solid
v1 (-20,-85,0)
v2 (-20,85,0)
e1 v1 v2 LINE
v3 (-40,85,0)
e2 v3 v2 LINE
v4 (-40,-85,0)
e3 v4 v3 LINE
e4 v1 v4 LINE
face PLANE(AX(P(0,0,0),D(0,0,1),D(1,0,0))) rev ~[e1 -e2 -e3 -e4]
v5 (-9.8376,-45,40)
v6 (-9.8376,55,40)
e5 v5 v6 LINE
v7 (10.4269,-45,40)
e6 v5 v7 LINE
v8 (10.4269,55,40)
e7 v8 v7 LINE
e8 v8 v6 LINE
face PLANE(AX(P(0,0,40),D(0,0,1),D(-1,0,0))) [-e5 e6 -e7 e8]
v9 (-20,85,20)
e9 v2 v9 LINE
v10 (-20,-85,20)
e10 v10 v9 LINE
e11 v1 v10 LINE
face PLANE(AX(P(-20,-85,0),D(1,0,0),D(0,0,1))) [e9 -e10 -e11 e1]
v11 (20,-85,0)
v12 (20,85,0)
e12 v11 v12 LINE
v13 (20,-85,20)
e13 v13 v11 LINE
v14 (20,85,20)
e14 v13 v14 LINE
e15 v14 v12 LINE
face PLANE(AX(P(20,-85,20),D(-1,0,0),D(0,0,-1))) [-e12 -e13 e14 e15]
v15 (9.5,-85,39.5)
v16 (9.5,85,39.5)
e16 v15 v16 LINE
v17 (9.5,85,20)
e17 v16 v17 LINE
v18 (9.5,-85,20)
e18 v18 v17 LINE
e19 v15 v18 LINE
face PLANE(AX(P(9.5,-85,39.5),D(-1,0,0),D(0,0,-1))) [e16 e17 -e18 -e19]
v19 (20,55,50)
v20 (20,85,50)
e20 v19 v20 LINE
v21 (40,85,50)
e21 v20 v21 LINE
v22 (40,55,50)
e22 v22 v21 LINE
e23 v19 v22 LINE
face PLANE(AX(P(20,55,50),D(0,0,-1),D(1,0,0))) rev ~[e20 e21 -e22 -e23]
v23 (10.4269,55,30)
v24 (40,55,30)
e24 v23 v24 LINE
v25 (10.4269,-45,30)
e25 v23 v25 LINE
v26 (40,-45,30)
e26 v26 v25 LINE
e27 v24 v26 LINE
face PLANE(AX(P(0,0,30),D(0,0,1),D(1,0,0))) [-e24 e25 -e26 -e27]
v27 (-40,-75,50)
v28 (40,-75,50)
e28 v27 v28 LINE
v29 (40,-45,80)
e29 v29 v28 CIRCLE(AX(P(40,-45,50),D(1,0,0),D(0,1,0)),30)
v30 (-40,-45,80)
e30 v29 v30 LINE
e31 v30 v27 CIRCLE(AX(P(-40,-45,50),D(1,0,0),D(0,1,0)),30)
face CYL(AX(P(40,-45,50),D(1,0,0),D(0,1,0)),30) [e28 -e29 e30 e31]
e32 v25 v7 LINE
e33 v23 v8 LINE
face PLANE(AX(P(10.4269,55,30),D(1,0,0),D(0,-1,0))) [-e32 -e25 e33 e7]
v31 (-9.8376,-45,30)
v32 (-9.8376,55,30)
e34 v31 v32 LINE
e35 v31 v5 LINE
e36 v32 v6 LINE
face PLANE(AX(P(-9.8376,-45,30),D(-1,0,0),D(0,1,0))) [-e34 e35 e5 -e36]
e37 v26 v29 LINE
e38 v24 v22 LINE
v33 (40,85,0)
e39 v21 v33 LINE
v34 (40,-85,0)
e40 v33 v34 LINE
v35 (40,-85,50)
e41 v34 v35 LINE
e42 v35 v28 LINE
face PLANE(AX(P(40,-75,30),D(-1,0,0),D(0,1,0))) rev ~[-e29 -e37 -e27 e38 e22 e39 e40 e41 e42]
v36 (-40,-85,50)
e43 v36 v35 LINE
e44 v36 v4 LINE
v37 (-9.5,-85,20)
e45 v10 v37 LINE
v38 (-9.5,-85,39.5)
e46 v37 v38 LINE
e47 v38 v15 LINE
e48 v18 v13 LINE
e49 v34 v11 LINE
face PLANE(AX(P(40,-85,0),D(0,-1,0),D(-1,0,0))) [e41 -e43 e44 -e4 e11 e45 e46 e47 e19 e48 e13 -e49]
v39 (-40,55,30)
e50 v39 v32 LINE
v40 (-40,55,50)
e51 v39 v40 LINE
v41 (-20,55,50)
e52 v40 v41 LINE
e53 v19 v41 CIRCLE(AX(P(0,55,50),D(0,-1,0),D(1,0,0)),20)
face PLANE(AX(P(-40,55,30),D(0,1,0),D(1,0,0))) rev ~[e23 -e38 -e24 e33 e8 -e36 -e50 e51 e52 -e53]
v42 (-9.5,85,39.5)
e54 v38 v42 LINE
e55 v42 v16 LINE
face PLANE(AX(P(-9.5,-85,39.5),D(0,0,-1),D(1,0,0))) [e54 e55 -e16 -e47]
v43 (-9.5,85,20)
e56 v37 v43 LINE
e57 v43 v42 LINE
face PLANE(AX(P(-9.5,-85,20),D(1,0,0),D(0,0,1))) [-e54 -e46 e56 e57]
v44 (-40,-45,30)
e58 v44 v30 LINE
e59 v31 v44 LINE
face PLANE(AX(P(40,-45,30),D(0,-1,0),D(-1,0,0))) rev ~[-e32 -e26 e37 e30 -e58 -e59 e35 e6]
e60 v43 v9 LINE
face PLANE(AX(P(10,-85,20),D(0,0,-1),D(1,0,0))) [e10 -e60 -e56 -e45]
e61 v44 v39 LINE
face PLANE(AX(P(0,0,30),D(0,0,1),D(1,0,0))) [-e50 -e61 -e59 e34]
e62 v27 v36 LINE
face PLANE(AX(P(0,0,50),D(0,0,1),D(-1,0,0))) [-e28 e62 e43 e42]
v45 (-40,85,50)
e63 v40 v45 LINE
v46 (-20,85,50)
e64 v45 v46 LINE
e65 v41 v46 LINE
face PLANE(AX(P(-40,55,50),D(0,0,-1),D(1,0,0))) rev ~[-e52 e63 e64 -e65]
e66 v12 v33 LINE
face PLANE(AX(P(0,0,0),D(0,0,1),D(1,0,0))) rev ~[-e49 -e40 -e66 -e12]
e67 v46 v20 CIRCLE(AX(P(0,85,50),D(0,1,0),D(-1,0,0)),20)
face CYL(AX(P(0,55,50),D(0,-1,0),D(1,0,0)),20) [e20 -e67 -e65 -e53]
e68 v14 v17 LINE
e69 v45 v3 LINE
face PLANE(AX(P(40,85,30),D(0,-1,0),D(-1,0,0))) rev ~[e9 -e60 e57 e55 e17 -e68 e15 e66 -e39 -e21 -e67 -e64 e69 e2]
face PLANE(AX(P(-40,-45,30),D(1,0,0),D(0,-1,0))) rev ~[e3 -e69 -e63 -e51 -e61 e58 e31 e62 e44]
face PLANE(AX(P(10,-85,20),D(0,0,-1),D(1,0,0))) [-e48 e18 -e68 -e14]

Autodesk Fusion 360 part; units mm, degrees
sketch "Sketch1" plane through (0, 0, 0) normal (0, 0, 1) x (1, 0, 0) in component "Component"
  line L0 (40, -85) -> (-40, -85)
  line L1 (-40, -85) -> (-40, 85)
  line L2 (-40, 85) -> (40, 85)
  line L3 (40, 85) -> (40, -85)
  line L4 (40, -85) -> (-40, 85) construction
  line L5 (-40, -85) -> (40, 85) construction
  dimension "d1" = 80
  dimension "d2" = 170
extrude "Extrude1" add sketch "Sketch1" along normal blind 30 in component "Component"
sketch "Sketch2" plane through (0, 0, 30) normal (0, 0, 1) x (-1, 0, 0) in component "Component"
  line L0 (-40, -85) -> (40, -85)
  line L1 (40, -85) -> (40, 85)
  line L2 (40, 85) -> (-40, 85)
  line L3 (-40, 85) -> (-40, -85)
  line L4 (40, 75) -> (-40, 75)
  dimension "d5" = 10
extrude "Extrude2" add sketch "Sketch2" along normal blind 20 contours L1 L2 L3 L4 in component "Component"
sketch "Sketch3" plane through (0, -85, 0) normal (0, -1, 0) x (1, 0, 0) in component "Component"
  line L0 (-40, 0) -> (40, 0)
  line L1 (40, 0) -> (40, 50)
  line L2 (40, 50) -> (-40, 50)
  line L3 (-40, 50) -> (-40, 0)
  line L4 (-20, 0) -> (-20, 20)
  line L5 (-20, 20) -> (-10, 20)
  line L6 (-10, 20) -> (-10, 40)
  line L7 (-10, 40) -> (10, 40)
  line L8 (10, 40) -> (10, 20)
  line L9 (10, 20) -> (20, 20)
  line L10 (20, 20) -> (20, 0)
sketch "Sketch4" plane through (0, 0, 30) normal (0, 0, 1) x (-1, 0, 0) in component "Component"
  line L0 (40, 75) -> (-40, 75)
  line L1 (-40, 75) -> (-40, -85)
  line L2 (-40, -85) -> (40, -85)
  line L3 (40, -85) -> (40, 75)
  line L4 (40, -55) -> (-40, -55)
  dimension "d10" = 30
extrude "Extrude4" add sketch "Sketch4" along normal blind 40 contours L1 L2 L3 L4 in component "Component"
sketch "Sketch5" plane through (0, 55, 0) normal (0, -1, 0) x (1, 0, 0) in component "Component"
  line L0 (-40, 30) -> (40, 30)
  line L1 (40, 30) -> (40, 70)
  line L2 (40, 70) -> (-40, 70)
  line L3 (-40, 70) -> (-40, 30)
  circle A0 centre (0, 50) radius 20
  line L4 (-40, 50) -> (40, 50)
  dimension "d13" = 40
  dimension "d14" = 20
extrude "Extrude5" cut sketch "Sketch5" against normal up to surface (30 mm away) contours L2 L3 A0 L4 | L1 L2 A0 L4 in component "Component"
sketch "Sketch6" plane through (0, 0, 30) normal (0, 0, 1) x (-1, 0, 0) in component "Component"
  line L0 (-40, -55) -> (40, -55)
  line L1 (40, -55) -> (40, 75)
  line L2 (40, 75) -> (-40, 75)
  line L3 (-40, 75) -> (-40, -55)
  line L4 (-40, 45) -> (40, 45)
  dimension "d17" = 30
extrude "Extrude6" add sketch "Sketch6" along normal blind 50 contours L1 L2 L3 L4 in component "Component"
sketch "Sketch7" plane through (40, 0, 0) normal (1, 0, 0) x (0, 1, 0) in component "Component"
  line L0 (85, 50) -> (55, 50)
  line L1 (55, 50) -> (55, 30)
  line L2 (55, 30) -> (-45, 30)
  line L3 (-45, 30) -> (-45, 80)
  line L4 (-45, 80) -> (-75, 80)
  line L5 (-75, 80) -> (-75, 50)
  line L6 (-75, 50) -> (-85, 50)
  line L7 (-85, 50) -> (-85, 0)
  line L8 (-85, 0) -> (85, 0)
  line L9 (85, 0) -> (85, 50)
  circle A0 centre (-45, 50) radius 30
  dimension "d20" = 60
extrude "Extrude7" cut sketch "Sketch7" against normal up to surface (80 mm away) contours L4 L5 A0 in component "Component"
sketch "Sketch8" plane through (0, -85, 0) normal (0, -1, 0) x (1, 0, 0) in component "Component"
  line L0 (-40, 0) -> (40, 0)
  line L1 (40, 0) -> (40, 50)
  line L2 (40, 50) -> (-40, 50)
  line L3 (-40, 50) -> (-40, 0)
  line L4 (-20, 0) -> (-20, 20)
  line L5 (-20, 20) -> (-10, 20)
  line L6 (10, 20) -> (20, 20)
  line L7 (20, 20) -> (20, 0)
  line L8 (10, 20) -> (-10, 20)
extrude "Extrude8" cut sketch "Sketch8" against normal up to surface (170 mm away) contours L0 L4 L5 L6 L7 L8 in component "Component"
sketch "Sketch10" plane through (0, 0, 30) normal (0, 0, 1) x (-1, 0, 0) in component "Component"
  line L0 (40, 45) -> (-40, 45)
  line L1 (-40, 45) -> (-40, -55)
  line L2 (-40, -55) -> (40, -55)
  line L3 (40, -55) -> (40, 45)
  line L4 (-10.4269, -55) -> (-10.4269, 45)
  line L5 (9.8376, 45) -> (9.8376, -55)
extrude "Extrude9" add sketch "Sketch10" along normal blind 10 contours L0 L2 L4 L5 in component "Component"
sketch "Sketch13" plane through (0, -85, 0) normal (0, -1, 0) x (1, 0, 0) in component "Component"
  line L0 (-20, 0) -> (-20, 20)
  line L1 (-20, 20) -> (20, 20)
  line L2 (20, 20) -> (20, 0)
  line L3 (20, 0) -> (40, 0)
  line L4 (40, 0) -> (40, 50)
  line L5 (40, 50) -> (-40, 50)
  line L6 (-40, 50) -> (-40, 0)
  line L7 (-40, 0) -> (-20, 0)
  line L8 (-10, 20) -> (-10, 40)
  line L9 (-10, 40) -> (10, 40)
  line L10 (10, 40) -> (10, 20)
  line L11 (-9.5, 20) -> (-9.5, 39.5)
  line L12 (-9.5, 39.5) -> (9.5, 39.5)
  line L13 (9.5, 39.5) -> (9.5, 20)
  dimension "d38" = 0.5
  dimension "d39" = 0.5
  dimension "d40" = 0.5
extrude "Extrude10" cut sketch "Sketch13" against normal up to surface (170 mm away) contours L1 L11 L12 L13 in component "Component"
component "Component" placed x (1, 0, 0) y (0, 1, 0) z (0, 0, 1) at (0, 0, 0)
